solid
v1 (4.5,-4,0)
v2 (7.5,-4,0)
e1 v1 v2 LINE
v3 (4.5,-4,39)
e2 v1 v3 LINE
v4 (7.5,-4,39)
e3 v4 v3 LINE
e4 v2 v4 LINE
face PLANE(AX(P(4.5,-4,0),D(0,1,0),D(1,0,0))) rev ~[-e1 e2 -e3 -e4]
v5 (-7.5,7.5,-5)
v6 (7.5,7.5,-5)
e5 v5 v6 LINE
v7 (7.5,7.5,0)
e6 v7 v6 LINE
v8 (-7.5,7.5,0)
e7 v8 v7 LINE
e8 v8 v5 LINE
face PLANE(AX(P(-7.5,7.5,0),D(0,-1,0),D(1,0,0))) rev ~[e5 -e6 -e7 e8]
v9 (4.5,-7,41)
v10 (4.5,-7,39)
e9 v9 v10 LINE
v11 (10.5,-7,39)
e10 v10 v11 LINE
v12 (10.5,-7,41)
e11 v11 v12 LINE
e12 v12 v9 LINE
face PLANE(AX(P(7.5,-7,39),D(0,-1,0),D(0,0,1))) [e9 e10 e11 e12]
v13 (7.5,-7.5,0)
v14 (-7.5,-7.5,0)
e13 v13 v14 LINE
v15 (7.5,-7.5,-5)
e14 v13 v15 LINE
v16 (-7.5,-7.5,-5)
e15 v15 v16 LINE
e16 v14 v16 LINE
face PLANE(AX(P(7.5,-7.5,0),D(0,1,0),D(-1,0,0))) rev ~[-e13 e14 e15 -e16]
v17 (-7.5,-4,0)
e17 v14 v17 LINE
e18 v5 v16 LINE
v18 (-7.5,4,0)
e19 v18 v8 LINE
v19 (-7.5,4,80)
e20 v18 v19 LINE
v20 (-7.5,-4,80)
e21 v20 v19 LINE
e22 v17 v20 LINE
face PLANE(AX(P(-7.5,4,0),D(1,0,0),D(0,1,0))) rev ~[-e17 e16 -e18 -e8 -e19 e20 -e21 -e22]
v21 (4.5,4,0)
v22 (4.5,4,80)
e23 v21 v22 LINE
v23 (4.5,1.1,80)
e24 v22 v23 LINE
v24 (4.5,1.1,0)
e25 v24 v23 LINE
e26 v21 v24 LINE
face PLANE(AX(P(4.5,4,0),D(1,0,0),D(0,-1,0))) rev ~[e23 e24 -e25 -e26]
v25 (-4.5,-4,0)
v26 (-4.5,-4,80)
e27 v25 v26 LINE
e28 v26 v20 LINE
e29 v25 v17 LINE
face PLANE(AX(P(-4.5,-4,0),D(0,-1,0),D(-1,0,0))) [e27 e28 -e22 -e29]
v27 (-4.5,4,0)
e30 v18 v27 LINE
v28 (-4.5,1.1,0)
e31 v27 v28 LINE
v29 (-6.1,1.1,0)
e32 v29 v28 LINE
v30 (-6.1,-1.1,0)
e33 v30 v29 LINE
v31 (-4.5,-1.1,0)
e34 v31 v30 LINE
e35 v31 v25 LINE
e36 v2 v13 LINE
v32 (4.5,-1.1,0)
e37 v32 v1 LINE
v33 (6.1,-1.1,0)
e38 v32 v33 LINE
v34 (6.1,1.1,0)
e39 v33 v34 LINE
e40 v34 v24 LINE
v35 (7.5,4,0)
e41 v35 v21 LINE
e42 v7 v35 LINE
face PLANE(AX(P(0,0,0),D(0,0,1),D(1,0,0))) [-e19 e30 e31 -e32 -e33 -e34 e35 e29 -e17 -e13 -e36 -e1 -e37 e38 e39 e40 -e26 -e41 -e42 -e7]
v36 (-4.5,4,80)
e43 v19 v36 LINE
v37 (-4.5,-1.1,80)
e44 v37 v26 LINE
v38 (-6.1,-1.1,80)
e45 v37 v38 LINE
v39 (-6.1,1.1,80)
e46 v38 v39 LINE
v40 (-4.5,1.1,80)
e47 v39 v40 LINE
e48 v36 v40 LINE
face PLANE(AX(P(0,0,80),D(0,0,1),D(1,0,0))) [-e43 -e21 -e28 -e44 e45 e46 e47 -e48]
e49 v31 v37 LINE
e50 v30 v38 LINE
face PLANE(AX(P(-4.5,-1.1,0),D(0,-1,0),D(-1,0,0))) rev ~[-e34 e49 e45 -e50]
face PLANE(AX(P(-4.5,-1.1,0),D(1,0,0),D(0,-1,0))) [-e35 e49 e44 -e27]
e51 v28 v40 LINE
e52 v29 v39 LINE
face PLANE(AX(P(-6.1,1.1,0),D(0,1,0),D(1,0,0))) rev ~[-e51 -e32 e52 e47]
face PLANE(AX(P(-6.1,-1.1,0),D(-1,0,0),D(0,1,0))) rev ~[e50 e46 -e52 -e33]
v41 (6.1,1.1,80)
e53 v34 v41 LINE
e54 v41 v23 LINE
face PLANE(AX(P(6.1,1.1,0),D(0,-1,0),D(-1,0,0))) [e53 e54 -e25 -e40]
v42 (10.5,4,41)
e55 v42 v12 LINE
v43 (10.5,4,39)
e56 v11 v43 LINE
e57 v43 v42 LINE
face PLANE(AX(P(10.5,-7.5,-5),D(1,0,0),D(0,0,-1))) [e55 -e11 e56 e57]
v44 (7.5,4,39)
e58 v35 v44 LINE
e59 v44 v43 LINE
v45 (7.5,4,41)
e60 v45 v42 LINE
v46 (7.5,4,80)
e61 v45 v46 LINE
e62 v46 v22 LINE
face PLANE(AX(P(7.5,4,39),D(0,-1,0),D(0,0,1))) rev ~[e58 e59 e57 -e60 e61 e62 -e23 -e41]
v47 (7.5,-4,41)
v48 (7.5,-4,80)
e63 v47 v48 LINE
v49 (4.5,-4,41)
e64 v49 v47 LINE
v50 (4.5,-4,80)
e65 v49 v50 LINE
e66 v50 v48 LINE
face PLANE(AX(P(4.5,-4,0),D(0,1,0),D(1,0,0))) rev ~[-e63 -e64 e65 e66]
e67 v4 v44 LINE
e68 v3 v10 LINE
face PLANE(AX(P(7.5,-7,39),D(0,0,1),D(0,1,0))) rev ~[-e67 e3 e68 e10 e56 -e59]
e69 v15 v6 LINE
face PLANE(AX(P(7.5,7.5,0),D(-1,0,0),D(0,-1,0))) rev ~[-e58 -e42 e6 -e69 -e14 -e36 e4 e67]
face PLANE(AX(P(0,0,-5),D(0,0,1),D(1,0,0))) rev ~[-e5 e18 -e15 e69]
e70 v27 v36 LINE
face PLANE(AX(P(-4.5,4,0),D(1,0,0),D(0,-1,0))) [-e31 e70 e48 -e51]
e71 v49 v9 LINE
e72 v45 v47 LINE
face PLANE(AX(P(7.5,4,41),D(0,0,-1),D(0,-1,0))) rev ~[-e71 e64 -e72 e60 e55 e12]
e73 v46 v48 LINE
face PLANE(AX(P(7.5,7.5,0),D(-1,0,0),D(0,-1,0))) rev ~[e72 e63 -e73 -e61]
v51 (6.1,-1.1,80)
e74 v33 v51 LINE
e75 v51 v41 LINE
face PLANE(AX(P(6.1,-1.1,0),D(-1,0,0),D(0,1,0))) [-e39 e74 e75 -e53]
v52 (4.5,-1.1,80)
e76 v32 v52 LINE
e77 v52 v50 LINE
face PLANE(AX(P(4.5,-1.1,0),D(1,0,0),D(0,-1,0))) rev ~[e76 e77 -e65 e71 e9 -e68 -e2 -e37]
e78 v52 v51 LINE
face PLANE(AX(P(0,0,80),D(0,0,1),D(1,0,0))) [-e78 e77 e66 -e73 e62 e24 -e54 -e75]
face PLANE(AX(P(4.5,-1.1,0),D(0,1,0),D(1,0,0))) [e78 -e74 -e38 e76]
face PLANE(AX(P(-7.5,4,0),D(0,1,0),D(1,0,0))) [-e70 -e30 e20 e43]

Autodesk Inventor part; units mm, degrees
ref_plane "YZ Plane" through (0, 0, 0) normal (1, 0, 0) x (0, 1, 0)
ref_plane "XZ Plane" through (0, 0, 0) normal (0, 1, 0) x (-1, 0, 0)
ref_plane "XY Plane" through (0, 0, 0) normal (0, 0, 1) x (1, 0, 0)
sketch "Sketch1" plane through (0, 0, 0) normal (0, 0, 1) x (1, 0, 0)
  line L0 (-7.5, 7.5) -> (7.5, 7.5)
  line L1 (7.5, 7.5) -> (7.5, -7.5)
  line L2 (7.5, -7.5) -> (-7.5, -7.5)
  line L3 (-7.5, -7.5) -> (-7.5, 7.5)
  line L4 (-7.5, 7.5) -> (7.5, -7.5) construction
  line L5 (7.5, 7.5) -> (-7.5, -7.5) construction
  line L6 (0, 4.0776) -> (0, -3.6051) construction
  line L7 (-7.5, 4) -> (-4.5, 4)
  line L8 (-4.5, -4) -> (-7.5, -4)
  line L9 (-7.5, -4) -> (-7.5, 4)
  line L10 (-7.5, 4) -> (-4.5, -4) construction
  line L11 (-4.5, 4) -> (-7.5, -4) construction
  line L12 (-6.1, 1.1) -> (-4.5, 1.1)
  line L13 (-2.9, 1.1) -> (-2.9, -1.1)
  line L14 (-4.5, -1.1) -> (-6.1, -1.1)
  line L15 (-6.1, -1.1) -> (-6.1, 1.1)
  line L16 (-6.1, 1.1) -> (-2.9, -1.1) construction
  line L17 (-2.9, 1.1) -> (-6.1, -1.1) construction
  line L18 (7.5, 7.5) -> (-7.5, -7.5) construction
  line L19 (-7.5, 7.5) -> (7.5, -7.5) construction
  line L20 (7.5, 4) -> (4.5, 4)
  line L21 (4.5, -4) -> (7.5, -4)
  line L22 (7.5, 4) -> (4.5, -4) construction
  line L23 (4.5, 4) -> (7.5, -4) construction
  line L24 (6.1, 1.1) -> (4.5, 1.1)
  line L25 (4.5, -1.1) -> (6.1, -1.1)
  line L26 (6.1, -1.1) -> (6.1, 1.1)
  line L27 (6.1, 1.1) -> (2.9, -1.1) construction
  line L28 (2.9, 1.1) -> (6.1, -1.1) construction
  line L29 (4.5, 4) -> (4.5, 1.1)
  line L30 (4.5, -1.1) -> (4.5, -4)
  line L31 (-4.5, 4) -> (-4.5, 1.1)
  line L32 (-4.5, -1.1) -> (-4.5, -4)
  point P0 (0, 0)
  point P1 (-6, 0)
  point P2 (-4.5, 0)
  point P3 (6, 0)
  point P4 (4.5, 0)
  dimension "d0" = 15
  dimension "d1" = 15
  dimension "d2" = 3
  dimension "d3" = 8
  dimension "d6" = 3.2
  dimension "d7" = 2.2
extrude "Extrusion1" add sketch "Sketch1" against normal blind 5
extrude "Extrusion2" add sketch "Sketch1" along normal blind 80 contours L7 L31 L12 L15 L14 L32 L8 L3 | L1 L21 L30 L25 L26 L24 L29 L20
sketch "Sketch2" plane through (4.5, -4, 0) normal (0, -1, 0) x (1, 0, 0)
  line L0 (3, 0) -> (3, 80) projected
  line L1 (-3, 41) -> (3, 41)
  line L2 (3, 41) -> (3, 39)
  line L3 (3, 39) -> (-3, 39)
  line L4 (-3, 39) -> (-3, 41)
  line L5 (0, 0) -> (0, 80) projected
  line L6 (-3, 41) -> (3, 39) construction
  line L7 (3, 41) -> (-3, 39) construction
  line L8 (0, 41) -> (0, 39)
  point P0 (-4.5, 0)
  point P1 (0, 40)
  point P2 (3, 41)
  dimension "d12" = 2
extrude "Extrusion3" add sketch "Sketch2" along normal blind 3 contours L3 L5 L1 L0
sketch "Sketch3" plane through (7.5, -7.5, -5) normal (1, 0, 0) x (0, 0, -1)
  line L0 (-44, 0.5) -> (-46, 0.5) projected
  line L1 (-5, 11.5) -> (-85, 11.5) projected
  line L2 (-46, 0.5) -> (-44, 0.5)
  line L3 (-44, 0.5) -> (-44, 11.5)
  line L4 (-44, 11.5) -> (-46, 11.5)
  line L5 (-46, 11.5) -> (-46, 0.5)
  point P0 (-5, 7.5)
  dimension "d15" = 2
extrude "Extrusion4" add sketch "Sketch3" along normal blind 3
properties part number "Bracket Lifter_3DPrint"
